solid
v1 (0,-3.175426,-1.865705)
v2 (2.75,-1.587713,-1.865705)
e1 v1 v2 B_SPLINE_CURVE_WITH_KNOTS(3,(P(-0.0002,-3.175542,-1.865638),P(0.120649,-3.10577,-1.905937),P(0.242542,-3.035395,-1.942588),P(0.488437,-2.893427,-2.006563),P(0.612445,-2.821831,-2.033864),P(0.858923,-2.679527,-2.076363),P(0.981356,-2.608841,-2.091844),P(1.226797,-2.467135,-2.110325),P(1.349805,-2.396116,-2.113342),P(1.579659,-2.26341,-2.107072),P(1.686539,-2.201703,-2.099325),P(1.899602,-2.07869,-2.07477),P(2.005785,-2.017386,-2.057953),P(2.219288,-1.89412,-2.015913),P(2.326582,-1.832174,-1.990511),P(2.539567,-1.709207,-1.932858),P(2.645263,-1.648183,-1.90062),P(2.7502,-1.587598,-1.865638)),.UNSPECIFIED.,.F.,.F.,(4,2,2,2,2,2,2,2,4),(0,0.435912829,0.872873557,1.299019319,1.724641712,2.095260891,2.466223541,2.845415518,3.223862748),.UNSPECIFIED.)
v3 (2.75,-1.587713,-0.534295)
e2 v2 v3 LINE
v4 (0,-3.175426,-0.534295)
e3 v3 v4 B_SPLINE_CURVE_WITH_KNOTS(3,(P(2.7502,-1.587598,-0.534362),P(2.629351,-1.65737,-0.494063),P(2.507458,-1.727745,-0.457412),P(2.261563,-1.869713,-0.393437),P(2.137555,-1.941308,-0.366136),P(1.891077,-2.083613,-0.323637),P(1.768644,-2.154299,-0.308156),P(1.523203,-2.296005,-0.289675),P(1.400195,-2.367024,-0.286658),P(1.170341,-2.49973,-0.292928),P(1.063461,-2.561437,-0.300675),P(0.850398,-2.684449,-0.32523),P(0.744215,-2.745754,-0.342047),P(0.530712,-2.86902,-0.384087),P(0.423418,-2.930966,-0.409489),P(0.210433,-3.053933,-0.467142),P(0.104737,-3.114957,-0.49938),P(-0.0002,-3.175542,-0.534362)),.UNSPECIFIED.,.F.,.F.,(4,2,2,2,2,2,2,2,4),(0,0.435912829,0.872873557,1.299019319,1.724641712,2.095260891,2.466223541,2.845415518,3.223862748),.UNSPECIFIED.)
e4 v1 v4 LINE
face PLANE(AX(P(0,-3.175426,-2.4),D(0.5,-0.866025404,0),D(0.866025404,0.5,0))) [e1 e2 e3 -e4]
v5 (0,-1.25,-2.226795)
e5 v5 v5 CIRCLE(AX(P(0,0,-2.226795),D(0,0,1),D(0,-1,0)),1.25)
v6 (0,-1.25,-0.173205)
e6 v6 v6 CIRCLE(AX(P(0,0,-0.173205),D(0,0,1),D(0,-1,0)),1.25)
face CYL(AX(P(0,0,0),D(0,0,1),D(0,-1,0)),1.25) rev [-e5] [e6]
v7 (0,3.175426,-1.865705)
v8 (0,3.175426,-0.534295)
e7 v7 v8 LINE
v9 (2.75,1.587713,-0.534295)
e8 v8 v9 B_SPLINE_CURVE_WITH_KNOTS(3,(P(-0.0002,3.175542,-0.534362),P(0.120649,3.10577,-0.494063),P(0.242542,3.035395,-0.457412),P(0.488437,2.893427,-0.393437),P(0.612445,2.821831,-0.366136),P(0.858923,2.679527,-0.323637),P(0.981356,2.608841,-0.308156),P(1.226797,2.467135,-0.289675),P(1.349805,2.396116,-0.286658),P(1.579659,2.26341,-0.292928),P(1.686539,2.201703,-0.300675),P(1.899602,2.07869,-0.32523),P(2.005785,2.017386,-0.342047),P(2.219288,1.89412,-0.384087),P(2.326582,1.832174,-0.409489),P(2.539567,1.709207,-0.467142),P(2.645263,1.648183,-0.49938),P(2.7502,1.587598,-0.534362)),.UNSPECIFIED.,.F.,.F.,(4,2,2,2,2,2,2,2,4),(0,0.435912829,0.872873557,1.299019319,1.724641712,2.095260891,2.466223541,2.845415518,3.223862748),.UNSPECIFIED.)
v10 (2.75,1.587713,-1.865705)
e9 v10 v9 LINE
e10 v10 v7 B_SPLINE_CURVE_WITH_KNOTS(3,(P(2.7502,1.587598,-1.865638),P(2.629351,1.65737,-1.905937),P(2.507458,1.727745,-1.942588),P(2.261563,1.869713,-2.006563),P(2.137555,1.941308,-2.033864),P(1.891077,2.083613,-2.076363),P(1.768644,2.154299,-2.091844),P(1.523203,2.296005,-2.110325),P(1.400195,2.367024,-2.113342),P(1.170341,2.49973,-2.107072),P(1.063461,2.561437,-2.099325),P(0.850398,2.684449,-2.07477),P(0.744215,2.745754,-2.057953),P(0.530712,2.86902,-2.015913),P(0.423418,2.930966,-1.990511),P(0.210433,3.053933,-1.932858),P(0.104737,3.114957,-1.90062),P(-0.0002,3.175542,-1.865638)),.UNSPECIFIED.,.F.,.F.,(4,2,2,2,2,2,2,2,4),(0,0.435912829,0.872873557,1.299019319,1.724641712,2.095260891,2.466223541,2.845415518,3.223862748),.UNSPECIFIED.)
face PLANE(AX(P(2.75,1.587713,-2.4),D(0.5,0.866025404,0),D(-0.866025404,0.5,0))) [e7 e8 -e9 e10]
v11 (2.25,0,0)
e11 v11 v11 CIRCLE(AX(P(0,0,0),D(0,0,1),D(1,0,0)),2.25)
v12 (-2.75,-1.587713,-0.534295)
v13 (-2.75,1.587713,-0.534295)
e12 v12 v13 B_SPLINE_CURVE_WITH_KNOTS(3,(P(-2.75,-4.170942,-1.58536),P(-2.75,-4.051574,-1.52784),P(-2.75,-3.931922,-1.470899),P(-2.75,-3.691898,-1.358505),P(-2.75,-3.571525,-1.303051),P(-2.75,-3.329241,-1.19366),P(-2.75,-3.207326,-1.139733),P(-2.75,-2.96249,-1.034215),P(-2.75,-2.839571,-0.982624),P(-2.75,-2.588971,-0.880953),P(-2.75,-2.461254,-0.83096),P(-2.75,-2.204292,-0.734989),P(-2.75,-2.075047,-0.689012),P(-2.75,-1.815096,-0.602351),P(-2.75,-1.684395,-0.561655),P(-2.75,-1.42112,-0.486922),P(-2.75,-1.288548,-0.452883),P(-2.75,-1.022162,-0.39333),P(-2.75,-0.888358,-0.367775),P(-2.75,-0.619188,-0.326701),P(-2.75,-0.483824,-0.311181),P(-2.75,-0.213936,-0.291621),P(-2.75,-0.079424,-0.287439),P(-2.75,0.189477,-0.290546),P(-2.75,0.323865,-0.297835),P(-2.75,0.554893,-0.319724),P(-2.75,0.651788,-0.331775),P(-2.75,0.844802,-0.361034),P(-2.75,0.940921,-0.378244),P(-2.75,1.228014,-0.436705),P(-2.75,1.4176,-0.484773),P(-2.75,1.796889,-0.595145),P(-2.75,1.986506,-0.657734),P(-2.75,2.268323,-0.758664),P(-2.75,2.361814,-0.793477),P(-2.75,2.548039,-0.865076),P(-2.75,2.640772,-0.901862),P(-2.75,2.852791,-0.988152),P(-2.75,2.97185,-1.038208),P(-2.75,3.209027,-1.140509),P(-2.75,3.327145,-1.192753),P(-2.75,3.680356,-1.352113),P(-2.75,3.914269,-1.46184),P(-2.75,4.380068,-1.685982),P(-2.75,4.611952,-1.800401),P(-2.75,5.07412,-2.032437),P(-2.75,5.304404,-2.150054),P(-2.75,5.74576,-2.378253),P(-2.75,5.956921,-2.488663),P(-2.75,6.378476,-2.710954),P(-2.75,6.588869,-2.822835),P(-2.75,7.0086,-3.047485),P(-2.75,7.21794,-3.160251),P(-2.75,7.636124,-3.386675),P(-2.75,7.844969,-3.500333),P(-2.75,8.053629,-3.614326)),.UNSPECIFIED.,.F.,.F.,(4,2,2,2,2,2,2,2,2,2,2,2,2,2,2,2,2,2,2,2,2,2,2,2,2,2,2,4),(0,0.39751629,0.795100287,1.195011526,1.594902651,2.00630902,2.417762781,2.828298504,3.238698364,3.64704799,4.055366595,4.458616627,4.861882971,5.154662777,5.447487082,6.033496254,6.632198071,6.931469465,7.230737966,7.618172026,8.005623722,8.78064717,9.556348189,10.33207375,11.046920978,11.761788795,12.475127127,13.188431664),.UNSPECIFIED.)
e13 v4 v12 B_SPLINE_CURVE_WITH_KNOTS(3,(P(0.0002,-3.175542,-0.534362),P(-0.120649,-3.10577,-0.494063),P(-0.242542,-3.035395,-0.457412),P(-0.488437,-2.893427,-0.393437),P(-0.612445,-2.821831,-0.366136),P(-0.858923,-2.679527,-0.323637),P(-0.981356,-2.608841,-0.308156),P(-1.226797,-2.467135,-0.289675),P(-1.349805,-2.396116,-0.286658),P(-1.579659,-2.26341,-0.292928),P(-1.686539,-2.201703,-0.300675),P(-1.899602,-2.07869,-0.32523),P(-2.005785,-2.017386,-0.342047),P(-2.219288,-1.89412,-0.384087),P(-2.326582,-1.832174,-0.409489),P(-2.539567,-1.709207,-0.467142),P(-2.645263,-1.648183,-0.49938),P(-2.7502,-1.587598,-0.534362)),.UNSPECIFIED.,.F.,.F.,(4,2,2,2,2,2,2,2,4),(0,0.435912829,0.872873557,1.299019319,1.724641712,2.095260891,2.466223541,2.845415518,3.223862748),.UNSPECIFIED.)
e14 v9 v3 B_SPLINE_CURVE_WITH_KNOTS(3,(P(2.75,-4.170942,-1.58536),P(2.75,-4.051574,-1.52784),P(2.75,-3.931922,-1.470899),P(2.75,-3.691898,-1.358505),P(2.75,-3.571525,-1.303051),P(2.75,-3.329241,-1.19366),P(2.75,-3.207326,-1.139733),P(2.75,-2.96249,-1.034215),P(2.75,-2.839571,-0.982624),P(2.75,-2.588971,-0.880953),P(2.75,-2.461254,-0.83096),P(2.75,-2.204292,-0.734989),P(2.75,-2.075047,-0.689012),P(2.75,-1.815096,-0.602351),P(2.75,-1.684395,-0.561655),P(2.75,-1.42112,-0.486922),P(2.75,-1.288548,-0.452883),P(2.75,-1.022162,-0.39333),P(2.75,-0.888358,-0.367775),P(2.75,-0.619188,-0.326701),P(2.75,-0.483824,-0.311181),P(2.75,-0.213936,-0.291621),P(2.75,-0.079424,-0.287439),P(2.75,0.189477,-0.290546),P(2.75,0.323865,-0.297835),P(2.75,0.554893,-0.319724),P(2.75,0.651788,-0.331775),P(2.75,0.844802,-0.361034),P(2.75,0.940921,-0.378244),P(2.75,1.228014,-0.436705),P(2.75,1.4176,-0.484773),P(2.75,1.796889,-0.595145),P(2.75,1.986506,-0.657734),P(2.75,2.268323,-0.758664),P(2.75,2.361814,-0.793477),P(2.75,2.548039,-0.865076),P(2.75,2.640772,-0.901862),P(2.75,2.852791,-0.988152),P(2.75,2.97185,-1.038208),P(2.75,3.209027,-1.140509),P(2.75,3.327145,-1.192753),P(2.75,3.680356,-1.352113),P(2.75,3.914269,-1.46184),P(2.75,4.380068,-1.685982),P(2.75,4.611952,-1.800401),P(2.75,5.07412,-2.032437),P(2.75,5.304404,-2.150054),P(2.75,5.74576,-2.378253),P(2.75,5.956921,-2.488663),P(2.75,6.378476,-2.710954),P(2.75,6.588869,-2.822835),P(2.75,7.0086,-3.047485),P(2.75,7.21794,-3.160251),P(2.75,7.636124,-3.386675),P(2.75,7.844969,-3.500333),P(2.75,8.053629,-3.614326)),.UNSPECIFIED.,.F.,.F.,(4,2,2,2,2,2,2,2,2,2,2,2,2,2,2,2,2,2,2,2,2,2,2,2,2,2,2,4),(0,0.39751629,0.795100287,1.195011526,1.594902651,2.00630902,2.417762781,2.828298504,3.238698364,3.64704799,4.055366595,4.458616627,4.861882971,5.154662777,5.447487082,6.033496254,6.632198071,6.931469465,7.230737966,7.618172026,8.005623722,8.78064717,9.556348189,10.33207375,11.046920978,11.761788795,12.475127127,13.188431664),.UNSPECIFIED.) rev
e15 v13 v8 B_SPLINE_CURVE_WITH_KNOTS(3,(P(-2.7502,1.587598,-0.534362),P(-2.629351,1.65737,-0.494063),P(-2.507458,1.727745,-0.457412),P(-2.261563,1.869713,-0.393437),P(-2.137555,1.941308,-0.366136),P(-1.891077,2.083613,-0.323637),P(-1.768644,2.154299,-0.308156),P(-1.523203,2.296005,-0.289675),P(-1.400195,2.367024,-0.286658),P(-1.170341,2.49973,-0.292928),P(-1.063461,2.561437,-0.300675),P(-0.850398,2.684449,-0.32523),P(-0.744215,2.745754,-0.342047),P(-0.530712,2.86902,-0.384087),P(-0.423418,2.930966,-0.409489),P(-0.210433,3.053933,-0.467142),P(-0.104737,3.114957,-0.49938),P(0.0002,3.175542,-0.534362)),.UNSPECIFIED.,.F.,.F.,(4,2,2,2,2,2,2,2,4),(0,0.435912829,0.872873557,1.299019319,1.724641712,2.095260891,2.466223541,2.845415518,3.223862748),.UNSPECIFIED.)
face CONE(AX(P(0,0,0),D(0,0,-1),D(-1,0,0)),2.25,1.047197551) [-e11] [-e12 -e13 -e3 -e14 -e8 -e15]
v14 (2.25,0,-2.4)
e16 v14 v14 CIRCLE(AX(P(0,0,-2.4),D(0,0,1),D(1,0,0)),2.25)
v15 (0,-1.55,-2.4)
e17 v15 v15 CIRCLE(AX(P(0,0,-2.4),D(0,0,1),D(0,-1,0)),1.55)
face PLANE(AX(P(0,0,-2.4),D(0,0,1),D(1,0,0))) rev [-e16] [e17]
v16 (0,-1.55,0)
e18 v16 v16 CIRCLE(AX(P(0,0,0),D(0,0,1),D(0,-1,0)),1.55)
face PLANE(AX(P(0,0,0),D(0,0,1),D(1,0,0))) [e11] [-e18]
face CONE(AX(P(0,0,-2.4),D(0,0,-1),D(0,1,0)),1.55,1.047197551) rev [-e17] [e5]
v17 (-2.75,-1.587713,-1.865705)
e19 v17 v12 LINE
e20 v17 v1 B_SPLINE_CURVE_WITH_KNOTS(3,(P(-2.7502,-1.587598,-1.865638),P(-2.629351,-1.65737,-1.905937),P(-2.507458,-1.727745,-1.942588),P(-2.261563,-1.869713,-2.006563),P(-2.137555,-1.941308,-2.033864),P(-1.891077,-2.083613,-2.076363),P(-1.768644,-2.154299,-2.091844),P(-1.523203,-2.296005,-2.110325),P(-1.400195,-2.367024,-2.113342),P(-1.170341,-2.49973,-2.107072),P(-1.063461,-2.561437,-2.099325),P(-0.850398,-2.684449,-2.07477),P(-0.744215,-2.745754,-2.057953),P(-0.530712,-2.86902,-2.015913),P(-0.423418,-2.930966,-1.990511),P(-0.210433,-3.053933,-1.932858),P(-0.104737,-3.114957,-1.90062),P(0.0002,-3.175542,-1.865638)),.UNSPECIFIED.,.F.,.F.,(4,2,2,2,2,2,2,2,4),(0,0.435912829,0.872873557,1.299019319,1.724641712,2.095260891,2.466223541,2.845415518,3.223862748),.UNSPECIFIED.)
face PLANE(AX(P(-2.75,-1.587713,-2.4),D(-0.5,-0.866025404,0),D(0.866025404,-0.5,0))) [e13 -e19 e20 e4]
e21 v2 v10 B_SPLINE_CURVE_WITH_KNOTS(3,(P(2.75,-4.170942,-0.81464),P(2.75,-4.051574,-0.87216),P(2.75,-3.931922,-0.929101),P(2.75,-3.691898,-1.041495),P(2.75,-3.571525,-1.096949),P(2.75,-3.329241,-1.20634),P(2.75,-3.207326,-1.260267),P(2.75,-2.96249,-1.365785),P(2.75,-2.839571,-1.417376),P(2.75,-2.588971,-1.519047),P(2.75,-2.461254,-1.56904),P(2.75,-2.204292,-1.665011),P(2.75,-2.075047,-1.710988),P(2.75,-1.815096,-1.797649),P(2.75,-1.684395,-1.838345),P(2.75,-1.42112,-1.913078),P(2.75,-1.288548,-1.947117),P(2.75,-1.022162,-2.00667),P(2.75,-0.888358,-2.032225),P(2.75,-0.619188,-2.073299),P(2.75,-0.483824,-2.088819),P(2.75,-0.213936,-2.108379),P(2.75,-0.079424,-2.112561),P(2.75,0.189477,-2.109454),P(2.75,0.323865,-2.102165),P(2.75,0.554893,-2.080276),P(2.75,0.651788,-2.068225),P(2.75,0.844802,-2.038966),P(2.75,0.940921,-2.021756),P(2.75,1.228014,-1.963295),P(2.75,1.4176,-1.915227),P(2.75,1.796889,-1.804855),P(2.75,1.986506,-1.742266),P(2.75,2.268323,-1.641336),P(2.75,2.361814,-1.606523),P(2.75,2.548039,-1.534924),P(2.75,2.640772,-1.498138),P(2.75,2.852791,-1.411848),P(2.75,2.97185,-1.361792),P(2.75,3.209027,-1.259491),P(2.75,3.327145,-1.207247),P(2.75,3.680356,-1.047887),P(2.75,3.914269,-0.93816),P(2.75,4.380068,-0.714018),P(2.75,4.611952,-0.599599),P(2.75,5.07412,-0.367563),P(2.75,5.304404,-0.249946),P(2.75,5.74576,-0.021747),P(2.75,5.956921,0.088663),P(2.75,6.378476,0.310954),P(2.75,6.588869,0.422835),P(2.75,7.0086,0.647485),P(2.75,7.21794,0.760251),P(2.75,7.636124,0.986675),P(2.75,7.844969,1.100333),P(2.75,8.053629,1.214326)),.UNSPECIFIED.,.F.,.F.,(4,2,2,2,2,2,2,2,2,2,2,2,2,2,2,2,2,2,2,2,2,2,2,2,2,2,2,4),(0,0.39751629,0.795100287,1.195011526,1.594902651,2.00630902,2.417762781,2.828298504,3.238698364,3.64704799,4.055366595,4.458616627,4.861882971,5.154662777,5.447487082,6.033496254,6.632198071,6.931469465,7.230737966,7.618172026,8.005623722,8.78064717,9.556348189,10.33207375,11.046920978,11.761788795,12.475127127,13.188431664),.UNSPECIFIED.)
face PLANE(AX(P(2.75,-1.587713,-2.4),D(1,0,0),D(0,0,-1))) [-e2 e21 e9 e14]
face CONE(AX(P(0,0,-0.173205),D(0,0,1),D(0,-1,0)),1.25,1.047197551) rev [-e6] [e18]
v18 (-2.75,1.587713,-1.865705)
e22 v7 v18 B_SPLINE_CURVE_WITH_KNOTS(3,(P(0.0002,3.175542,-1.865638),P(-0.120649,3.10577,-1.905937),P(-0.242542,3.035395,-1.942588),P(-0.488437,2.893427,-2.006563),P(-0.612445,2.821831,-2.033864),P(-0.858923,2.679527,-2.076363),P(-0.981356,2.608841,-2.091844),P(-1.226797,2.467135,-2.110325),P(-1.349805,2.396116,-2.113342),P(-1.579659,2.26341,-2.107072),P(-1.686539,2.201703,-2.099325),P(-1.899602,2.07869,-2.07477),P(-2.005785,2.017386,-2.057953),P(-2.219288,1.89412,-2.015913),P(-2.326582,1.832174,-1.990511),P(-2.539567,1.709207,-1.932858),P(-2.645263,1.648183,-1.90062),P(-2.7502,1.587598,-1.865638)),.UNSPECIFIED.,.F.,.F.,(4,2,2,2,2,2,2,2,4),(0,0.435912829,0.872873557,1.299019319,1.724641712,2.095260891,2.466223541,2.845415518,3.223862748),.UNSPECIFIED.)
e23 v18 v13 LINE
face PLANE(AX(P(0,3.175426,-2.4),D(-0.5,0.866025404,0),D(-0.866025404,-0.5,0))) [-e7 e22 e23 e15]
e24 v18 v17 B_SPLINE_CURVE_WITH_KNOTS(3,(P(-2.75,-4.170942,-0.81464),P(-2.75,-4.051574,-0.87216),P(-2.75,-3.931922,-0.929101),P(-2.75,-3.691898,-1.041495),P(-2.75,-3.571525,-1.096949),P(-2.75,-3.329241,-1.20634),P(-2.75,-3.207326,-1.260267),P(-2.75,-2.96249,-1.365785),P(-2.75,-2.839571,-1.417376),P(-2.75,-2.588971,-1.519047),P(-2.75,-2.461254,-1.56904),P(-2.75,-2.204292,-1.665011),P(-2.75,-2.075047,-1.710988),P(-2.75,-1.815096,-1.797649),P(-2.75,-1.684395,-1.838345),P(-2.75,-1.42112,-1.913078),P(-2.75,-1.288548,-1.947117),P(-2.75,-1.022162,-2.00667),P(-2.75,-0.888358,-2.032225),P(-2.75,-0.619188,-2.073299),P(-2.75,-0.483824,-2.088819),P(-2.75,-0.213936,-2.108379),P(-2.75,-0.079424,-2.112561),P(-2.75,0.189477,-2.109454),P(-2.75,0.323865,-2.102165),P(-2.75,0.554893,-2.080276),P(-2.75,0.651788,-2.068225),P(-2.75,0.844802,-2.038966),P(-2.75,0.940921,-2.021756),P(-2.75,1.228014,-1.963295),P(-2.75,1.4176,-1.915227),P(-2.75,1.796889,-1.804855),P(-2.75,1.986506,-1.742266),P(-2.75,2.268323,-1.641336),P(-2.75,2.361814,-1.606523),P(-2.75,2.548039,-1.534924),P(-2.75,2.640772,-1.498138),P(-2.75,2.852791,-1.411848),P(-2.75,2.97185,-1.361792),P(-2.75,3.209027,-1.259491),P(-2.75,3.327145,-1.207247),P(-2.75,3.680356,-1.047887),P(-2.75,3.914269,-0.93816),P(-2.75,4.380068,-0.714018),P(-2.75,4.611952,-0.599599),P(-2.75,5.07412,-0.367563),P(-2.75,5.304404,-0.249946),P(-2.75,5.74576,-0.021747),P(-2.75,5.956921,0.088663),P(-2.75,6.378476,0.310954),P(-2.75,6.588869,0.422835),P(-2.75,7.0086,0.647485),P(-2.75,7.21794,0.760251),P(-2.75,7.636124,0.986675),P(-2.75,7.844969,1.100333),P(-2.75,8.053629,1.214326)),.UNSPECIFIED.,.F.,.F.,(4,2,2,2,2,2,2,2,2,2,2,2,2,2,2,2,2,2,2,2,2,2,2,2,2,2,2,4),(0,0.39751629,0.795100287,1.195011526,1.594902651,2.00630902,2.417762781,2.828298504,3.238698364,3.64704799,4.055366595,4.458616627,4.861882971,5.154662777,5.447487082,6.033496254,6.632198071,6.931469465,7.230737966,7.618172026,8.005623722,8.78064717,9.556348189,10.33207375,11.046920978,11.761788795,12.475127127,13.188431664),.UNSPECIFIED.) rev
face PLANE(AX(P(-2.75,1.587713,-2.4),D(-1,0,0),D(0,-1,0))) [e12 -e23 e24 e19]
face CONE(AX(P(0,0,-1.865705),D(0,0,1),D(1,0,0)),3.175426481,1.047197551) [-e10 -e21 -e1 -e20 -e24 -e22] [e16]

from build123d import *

# Parameters (mm, degrees)
BOSS_EXTRUDE1_DEPTH = 2.4


with BuildPart() as part:
    # Sketch1 → Boss-Extrude1 (new body)
    with BuildSketch(Plane.XY):
        Polygon((0, 3.175426481), (-2.75, 1.58771324), (-2.75, -1.58771324), (0, -3.175426481), (2.75, -1.58771324), (2.75, 1.58771324), align=None)
    extrude(amount=-BOSS_EXTRUDE1_DEPTH)

    # Sketch4 → Cut-Revolve1 (revolve, cut)
    with BuildSketch(Plane(origin=(0, 0, 0), x_dir=(0, 0, -1), z_dir=(1, 0, 0))):
        Polygon((2.4, 3.175426481), (1.865704772, 3.175426481), (2.4, 2.25), align=None)
        Polygon((0, 3.175426481), (0.534295228, 3.175426481), (0, 2.25), align=None)
    revolve(axis=Axis((0, 0, 0), (0, 0, -1)), mode=Mode.SUBTRACT)

    # Sketch5 → Cut-Revolve2 (revolve, cut)
    with BuildSketch(Plane(origin=(0, 0, 0), x_dir=(0, 0, -1), z_dir=(1, 0, 0))):
        Polygon((0, 0), (0, 1.55), (0.173205081, 1.25), (2.226794919, 1.25), (2.4, 1.55), (2.4, 0), align=None)
    revolve(axis=Axis((0, 0, 0), (0, 0, -1)), mode=Mode.SUBTRACT)


solid = part.part
